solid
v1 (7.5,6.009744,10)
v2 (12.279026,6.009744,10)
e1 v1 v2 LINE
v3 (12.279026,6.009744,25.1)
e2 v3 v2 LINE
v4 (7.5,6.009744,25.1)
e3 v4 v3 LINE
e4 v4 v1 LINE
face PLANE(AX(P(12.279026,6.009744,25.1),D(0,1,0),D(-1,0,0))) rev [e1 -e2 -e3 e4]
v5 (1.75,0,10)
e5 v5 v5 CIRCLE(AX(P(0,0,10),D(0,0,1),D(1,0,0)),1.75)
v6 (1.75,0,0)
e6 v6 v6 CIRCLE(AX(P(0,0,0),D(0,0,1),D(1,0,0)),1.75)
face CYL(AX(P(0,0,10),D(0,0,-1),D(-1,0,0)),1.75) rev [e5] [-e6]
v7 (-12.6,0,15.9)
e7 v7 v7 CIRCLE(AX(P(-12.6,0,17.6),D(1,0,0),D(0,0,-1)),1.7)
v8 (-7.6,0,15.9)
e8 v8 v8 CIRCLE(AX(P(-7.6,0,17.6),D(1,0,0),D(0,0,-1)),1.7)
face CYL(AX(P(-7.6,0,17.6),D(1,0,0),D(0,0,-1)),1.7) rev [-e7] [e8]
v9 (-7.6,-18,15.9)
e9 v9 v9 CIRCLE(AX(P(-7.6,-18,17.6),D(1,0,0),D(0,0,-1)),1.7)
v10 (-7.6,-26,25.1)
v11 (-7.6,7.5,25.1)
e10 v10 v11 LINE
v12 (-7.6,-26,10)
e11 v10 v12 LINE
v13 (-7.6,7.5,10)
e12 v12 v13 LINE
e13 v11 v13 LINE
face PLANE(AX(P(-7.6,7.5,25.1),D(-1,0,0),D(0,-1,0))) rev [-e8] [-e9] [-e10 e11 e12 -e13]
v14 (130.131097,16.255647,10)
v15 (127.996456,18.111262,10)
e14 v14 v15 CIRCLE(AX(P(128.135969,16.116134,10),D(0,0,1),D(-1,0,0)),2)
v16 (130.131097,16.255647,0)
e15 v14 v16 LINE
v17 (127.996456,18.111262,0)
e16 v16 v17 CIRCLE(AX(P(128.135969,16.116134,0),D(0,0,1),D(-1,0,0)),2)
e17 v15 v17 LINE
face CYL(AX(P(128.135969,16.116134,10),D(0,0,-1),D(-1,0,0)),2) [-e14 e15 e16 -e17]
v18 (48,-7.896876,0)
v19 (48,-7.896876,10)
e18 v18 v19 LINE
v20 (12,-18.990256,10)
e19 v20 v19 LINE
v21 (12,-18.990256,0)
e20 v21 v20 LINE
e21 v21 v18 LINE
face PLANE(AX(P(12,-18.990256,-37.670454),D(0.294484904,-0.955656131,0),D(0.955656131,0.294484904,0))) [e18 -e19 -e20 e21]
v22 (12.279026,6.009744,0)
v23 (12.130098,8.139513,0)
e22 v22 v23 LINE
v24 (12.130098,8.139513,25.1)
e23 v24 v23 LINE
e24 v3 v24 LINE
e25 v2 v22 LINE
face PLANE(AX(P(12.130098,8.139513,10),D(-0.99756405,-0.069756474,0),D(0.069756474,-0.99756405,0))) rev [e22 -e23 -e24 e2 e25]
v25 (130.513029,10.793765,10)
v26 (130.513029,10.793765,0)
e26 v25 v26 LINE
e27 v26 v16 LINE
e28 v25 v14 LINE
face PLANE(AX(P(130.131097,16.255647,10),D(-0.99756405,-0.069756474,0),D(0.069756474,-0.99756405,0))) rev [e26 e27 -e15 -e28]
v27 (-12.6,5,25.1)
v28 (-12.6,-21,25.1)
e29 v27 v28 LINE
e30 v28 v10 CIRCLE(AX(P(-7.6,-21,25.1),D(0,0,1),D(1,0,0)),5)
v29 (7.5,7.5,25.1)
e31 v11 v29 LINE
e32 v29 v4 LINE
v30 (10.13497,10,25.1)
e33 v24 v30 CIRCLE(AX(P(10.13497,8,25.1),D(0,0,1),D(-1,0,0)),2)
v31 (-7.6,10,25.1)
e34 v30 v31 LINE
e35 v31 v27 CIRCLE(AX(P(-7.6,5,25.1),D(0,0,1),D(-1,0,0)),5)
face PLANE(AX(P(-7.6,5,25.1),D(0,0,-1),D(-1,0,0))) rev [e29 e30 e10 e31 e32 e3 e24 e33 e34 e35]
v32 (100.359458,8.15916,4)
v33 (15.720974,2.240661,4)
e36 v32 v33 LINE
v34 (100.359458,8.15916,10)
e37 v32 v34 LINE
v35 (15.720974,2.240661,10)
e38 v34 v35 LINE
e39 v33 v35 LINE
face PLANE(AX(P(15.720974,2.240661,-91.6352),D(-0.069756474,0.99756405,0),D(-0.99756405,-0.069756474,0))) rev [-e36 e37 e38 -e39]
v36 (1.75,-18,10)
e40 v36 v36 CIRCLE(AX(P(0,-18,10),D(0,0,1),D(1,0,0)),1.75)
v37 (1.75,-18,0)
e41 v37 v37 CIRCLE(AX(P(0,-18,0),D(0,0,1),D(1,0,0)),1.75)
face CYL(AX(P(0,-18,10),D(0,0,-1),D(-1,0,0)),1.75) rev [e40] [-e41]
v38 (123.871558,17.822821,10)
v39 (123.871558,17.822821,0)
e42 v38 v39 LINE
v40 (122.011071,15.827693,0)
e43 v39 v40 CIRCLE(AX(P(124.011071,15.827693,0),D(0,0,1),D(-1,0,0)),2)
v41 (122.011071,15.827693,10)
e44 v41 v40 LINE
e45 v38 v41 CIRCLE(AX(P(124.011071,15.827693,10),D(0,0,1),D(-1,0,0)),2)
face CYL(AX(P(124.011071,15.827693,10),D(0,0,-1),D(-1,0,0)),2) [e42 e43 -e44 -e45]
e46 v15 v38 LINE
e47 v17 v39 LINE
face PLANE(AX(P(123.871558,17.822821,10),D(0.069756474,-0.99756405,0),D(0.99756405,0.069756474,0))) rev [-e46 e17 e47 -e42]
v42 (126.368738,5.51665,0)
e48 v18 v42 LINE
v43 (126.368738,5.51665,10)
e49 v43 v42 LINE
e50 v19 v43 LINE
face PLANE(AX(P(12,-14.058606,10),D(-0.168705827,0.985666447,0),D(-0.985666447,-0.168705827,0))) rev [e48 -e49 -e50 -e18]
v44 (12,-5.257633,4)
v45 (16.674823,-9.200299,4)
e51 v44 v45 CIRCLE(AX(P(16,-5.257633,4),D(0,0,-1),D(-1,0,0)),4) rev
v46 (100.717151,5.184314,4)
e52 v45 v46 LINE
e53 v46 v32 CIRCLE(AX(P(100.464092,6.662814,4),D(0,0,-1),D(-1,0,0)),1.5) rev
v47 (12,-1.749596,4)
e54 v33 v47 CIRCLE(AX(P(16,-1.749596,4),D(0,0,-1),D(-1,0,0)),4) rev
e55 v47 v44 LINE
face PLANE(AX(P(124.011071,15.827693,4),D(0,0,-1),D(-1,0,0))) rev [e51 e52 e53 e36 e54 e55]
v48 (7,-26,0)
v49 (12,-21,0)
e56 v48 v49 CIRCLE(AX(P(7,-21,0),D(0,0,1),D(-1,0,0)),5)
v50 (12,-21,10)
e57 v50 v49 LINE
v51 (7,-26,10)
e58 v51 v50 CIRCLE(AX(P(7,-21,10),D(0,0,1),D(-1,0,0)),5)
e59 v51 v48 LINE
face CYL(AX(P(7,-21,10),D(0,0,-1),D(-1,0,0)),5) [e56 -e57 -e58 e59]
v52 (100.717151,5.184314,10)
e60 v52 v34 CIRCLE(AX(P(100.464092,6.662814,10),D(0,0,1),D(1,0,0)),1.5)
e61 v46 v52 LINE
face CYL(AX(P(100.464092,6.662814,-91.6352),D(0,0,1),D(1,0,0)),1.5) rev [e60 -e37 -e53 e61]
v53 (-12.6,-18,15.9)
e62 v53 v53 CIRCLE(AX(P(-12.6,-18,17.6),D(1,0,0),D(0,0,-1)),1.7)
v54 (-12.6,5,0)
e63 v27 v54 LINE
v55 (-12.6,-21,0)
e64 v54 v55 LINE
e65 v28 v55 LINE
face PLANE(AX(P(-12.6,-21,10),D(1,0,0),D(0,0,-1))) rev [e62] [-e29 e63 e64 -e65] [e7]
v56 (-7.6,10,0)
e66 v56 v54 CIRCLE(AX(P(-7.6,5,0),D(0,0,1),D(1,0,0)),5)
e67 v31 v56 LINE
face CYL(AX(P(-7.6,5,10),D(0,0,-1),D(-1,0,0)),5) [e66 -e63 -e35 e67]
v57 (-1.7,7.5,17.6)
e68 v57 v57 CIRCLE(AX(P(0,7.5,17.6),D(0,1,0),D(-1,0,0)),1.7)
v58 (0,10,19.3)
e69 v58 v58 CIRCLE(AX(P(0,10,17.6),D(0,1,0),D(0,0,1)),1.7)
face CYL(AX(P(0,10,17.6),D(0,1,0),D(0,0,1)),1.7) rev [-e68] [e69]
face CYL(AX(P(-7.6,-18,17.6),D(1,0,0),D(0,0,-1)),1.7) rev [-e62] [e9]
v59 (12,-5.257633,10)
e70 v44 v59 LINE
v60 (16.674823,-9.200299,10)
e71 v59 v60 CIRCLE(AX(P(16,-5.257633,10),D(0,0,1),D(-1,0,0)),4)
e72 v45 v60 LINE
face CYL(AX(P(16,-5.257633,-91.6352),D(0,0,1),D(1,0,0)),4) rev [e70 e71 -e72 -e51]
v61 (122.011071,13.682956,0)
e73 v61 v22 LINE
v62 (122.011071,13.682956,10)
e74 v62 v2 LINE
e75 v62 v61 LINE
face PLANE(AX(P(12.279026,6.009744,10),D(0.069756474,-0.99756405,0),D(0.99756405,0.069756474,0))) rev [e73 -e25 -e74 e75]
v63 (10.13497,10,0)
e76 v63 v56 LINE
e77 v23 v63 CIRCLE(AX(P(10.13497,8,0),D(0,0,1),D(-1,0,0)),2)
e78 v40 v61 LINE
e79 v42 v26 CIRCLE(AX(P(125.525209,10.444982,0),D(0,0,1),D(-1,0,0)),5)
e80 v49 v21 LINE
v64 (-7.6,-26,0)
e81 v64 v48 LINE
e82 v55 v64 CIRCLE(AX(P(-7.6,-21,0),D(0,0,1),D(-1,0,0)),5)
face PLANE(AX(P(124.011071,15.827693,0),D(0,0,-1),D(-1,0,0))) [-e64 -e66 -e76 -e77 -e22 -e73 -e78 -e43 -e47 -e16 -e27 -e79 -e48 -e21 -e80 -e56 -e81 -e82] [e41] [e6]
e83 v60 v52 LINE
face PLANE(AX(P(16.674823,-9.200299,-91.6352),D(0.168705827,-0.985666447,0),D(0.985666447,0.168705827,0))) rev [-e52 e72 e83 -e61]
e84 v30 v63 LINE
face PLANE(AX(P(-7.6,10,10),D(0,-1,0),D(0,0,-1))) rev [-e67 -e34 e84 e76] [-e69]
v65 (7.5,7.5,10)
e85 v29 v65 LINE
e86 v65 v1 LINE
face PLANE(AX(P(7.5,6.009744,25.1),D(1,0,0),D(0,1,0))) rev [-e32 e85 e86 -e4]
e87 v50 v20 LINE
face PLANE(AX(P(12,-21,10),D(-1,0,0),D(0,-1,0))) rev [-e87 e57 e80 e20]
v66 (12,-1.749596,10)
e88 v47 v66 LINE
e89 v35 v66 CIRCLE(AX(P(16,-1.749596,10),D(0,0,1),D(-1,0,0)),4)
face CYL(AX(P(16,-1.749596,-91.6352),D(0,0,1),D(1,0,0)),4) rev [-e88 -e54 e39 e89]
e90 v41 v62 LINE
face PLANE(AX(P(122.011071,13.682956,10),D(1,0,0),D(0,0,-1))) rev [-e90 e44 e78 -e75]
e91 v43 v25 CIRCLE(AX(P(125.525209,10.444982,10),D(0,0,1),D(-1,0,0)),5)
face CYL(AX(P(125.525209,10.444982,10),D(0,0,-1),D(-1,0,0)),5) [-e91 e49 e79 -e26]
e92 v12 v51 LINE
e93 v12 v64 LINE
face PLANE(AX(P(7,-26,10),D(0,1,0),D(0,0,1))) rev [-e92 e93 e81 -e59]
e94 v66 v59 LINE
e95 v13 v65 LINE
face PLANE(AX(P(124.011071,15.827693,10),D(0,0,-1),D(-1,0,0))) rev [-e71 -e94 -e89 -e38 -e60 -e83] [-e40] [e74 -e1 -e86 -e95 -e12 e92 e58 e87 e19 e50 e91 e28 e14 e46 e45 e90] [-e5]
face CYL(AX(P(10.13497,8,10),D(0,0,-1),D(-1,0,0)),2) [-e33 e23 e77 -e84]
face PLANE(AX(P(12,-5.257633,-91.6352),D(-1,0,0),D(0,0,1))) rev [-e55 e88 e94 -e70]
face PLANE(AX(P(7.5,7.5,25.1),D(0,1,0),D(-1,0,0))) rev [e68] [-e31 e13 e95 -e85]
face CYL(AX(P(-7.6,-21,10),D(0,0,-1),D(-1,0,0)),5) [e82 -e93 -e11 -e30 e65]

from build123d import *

# Parameters (mm, degrees)
SKETCH1_R            = 1.75
BOSS_EXTRUDE1_DEPTH  = 10
CUT_EXTRUDE1_DEPTH   = 6
BOSS_EXTRUDE2_DEPTH  = 10
BOSS_EXTRUDE3_DEPTH  = 15.1
M3_CLEARANCE_HOLE1_D = 3.4
M3_CLEARANCE_HOLE2_D = 3.4


with BuildPart() as part:
    # Sketch1 → Boss-Extrude1 (new body)
    with BuildSketch(Plane.XY):
        with BuildLine():
            Line((-7.6, 10), (10.134969828, 10))
            ThreePointArc((10.134969828, 10), (11.498966548, 9.462707403), (12.130097928, 8.139512947))
            Line((12.130097928, 8.139512947), (12.279025895, 6.009743799))
            Line((12.279025895, 6.009743799), (122.011071424, 13.682955911))
            Line((122.011071424, 13.682955911), (122.011071424, 15.827693331))
            ThreePointArc((122.011071424, 15.827693331), (122.54836402, 17.191690051), (123.871558476, 17.822821431))
            Line((123.871558476, 17.822821431), (127.996455725, 18.111262346))
            ThreePointArc((127.996455725, 18.111262346), (129.448086731, 17.625553406), (130.131096773, 16.255647193))
            Line((130.131096773, 16.255647193), (130.513028814, 10.79376454))
            ThreePointArc((130.513028814, 10.79376454), (129.45752894, 7.356802052), (126.3687377, 5.516649939))
            Line((126.3687377, 5.516649939), (12, -14.058605554))
            Line((12, -14.058605554), (12, -21))
            ThreePointArc((12, -21), (10.535533906, -24.535533906), (7, -26))
            Line((7, -26), (-7.6, -26))
            ThreePointArc((-7.6, -26), (-11.135533906, -24.535533906), (-12.6, -21))
            Line((-12.6, -21), (-12.6, 5))
            ThreePointArc((-12.6, 5), (-11.135533906, 8.535533906), (-7.6, 10))
        make_face()
        Circle(SKETCH1_R, mode=Mode.SUBTRACT)
        with Locations((0, -18)):
            Circle(SKETCH1_R, mode=Mode.SUBTRACT)
    extrude(amount=BOSS_EXTRUDE1_DEPTH)

    # Sketch2 → Cut-Extrude1 (cut)
    with BuildSketch(Plane.XY.offset(10)):
        with BuildLine():
            Line((12, -5.257633034), (12, -1.749595529))
            ThreePointArc((12, -1.749595529), (13.074585194, 0.978397911), (15.720974105, 2.240660672))
            Line((15.720974105, 2.240660672), (100.359457674, 8.159159996))
            ThreePointArc((100.359457674, 8.159159996), (101.953365437, 6.84188311), (100.717151126, 5.18431425))
            Line((100.717151126, 5.18431425), (16.67482331, -9.20029882))
            ThreePointArc((16.67482331, -9.20029882), (13.421172092, -8.31535222), (12, -5.257633034))
        make_face()
    extrude(amount=-CUT_EXTRUDE1_DEPTH, mode=Mode.SUBTRACT)

    # Sketch4 → Boss-Extrude2 (add)
    with BuildSketch(Plane.XY.offset(10)):
        Polygon((12, -18.990256201), (48, -7.896876292), (12, -14.058605554), align=None)
    extrude(amount=-BOSS_EXTRUDE2_DEPTH)

    # Sketch5 → Boss-Extrude3 (add)
    with BuildSketch(Plane.XY.offset(10)):
        with BuildLine():
            Line((-7.6, 7.5), (-7.6, -26))
            ThreePointArc((-7.6, -26), (-11.135533906, -24.535533906), (-12.6, -21))
            Line((-12.6, -21), (-12.6, 5))
            ThreePointArc((-12.6, 5), (-11.135533906, 8.535533906), (-7.6, 10))
            Line((-7.6, 10), (10.134969828, 10))
            ThreePointArc((10.134969828, 10), (11.498966548, 9.462707403), (12.130097928, 8.139512947))
            Line((12.130097928, 8.139512947), (12.279025895, 6.009743799))
            Line((12.279025895, 6.009743799), (7.5, 6.009743799))
            Line((7.5, 6.009743799), (7.5, 7.5))
            Line((7.5, 7.5), (-7.6, 7.5))
        make_face()
    extrude(amount=BOSS_EXTRUDE3_DEPTH)

    # M3 Clearance Hole1 (through all)
    with Locations(Plane(origin=(-7.6, 0, 0), x_dir=(0, 0, -1), z_dir=(1, 0, 0))):
        with Locations((-17.6, -18), (-17.6, 0)):
            Hole(M3_CLEARANCE_HOLE1_D / 2)

    # M3 Clearance Hole2 (through all)
    with Locations(Plane(origin=(0, 10, 0), x_dir=(1, 0, 0), z_dir=(0, 1, 0))):
        with Locations((0, -17.6)):
            Hole(M3_CLEARANCE_HOLE2_D / 2)


solid = part.part
